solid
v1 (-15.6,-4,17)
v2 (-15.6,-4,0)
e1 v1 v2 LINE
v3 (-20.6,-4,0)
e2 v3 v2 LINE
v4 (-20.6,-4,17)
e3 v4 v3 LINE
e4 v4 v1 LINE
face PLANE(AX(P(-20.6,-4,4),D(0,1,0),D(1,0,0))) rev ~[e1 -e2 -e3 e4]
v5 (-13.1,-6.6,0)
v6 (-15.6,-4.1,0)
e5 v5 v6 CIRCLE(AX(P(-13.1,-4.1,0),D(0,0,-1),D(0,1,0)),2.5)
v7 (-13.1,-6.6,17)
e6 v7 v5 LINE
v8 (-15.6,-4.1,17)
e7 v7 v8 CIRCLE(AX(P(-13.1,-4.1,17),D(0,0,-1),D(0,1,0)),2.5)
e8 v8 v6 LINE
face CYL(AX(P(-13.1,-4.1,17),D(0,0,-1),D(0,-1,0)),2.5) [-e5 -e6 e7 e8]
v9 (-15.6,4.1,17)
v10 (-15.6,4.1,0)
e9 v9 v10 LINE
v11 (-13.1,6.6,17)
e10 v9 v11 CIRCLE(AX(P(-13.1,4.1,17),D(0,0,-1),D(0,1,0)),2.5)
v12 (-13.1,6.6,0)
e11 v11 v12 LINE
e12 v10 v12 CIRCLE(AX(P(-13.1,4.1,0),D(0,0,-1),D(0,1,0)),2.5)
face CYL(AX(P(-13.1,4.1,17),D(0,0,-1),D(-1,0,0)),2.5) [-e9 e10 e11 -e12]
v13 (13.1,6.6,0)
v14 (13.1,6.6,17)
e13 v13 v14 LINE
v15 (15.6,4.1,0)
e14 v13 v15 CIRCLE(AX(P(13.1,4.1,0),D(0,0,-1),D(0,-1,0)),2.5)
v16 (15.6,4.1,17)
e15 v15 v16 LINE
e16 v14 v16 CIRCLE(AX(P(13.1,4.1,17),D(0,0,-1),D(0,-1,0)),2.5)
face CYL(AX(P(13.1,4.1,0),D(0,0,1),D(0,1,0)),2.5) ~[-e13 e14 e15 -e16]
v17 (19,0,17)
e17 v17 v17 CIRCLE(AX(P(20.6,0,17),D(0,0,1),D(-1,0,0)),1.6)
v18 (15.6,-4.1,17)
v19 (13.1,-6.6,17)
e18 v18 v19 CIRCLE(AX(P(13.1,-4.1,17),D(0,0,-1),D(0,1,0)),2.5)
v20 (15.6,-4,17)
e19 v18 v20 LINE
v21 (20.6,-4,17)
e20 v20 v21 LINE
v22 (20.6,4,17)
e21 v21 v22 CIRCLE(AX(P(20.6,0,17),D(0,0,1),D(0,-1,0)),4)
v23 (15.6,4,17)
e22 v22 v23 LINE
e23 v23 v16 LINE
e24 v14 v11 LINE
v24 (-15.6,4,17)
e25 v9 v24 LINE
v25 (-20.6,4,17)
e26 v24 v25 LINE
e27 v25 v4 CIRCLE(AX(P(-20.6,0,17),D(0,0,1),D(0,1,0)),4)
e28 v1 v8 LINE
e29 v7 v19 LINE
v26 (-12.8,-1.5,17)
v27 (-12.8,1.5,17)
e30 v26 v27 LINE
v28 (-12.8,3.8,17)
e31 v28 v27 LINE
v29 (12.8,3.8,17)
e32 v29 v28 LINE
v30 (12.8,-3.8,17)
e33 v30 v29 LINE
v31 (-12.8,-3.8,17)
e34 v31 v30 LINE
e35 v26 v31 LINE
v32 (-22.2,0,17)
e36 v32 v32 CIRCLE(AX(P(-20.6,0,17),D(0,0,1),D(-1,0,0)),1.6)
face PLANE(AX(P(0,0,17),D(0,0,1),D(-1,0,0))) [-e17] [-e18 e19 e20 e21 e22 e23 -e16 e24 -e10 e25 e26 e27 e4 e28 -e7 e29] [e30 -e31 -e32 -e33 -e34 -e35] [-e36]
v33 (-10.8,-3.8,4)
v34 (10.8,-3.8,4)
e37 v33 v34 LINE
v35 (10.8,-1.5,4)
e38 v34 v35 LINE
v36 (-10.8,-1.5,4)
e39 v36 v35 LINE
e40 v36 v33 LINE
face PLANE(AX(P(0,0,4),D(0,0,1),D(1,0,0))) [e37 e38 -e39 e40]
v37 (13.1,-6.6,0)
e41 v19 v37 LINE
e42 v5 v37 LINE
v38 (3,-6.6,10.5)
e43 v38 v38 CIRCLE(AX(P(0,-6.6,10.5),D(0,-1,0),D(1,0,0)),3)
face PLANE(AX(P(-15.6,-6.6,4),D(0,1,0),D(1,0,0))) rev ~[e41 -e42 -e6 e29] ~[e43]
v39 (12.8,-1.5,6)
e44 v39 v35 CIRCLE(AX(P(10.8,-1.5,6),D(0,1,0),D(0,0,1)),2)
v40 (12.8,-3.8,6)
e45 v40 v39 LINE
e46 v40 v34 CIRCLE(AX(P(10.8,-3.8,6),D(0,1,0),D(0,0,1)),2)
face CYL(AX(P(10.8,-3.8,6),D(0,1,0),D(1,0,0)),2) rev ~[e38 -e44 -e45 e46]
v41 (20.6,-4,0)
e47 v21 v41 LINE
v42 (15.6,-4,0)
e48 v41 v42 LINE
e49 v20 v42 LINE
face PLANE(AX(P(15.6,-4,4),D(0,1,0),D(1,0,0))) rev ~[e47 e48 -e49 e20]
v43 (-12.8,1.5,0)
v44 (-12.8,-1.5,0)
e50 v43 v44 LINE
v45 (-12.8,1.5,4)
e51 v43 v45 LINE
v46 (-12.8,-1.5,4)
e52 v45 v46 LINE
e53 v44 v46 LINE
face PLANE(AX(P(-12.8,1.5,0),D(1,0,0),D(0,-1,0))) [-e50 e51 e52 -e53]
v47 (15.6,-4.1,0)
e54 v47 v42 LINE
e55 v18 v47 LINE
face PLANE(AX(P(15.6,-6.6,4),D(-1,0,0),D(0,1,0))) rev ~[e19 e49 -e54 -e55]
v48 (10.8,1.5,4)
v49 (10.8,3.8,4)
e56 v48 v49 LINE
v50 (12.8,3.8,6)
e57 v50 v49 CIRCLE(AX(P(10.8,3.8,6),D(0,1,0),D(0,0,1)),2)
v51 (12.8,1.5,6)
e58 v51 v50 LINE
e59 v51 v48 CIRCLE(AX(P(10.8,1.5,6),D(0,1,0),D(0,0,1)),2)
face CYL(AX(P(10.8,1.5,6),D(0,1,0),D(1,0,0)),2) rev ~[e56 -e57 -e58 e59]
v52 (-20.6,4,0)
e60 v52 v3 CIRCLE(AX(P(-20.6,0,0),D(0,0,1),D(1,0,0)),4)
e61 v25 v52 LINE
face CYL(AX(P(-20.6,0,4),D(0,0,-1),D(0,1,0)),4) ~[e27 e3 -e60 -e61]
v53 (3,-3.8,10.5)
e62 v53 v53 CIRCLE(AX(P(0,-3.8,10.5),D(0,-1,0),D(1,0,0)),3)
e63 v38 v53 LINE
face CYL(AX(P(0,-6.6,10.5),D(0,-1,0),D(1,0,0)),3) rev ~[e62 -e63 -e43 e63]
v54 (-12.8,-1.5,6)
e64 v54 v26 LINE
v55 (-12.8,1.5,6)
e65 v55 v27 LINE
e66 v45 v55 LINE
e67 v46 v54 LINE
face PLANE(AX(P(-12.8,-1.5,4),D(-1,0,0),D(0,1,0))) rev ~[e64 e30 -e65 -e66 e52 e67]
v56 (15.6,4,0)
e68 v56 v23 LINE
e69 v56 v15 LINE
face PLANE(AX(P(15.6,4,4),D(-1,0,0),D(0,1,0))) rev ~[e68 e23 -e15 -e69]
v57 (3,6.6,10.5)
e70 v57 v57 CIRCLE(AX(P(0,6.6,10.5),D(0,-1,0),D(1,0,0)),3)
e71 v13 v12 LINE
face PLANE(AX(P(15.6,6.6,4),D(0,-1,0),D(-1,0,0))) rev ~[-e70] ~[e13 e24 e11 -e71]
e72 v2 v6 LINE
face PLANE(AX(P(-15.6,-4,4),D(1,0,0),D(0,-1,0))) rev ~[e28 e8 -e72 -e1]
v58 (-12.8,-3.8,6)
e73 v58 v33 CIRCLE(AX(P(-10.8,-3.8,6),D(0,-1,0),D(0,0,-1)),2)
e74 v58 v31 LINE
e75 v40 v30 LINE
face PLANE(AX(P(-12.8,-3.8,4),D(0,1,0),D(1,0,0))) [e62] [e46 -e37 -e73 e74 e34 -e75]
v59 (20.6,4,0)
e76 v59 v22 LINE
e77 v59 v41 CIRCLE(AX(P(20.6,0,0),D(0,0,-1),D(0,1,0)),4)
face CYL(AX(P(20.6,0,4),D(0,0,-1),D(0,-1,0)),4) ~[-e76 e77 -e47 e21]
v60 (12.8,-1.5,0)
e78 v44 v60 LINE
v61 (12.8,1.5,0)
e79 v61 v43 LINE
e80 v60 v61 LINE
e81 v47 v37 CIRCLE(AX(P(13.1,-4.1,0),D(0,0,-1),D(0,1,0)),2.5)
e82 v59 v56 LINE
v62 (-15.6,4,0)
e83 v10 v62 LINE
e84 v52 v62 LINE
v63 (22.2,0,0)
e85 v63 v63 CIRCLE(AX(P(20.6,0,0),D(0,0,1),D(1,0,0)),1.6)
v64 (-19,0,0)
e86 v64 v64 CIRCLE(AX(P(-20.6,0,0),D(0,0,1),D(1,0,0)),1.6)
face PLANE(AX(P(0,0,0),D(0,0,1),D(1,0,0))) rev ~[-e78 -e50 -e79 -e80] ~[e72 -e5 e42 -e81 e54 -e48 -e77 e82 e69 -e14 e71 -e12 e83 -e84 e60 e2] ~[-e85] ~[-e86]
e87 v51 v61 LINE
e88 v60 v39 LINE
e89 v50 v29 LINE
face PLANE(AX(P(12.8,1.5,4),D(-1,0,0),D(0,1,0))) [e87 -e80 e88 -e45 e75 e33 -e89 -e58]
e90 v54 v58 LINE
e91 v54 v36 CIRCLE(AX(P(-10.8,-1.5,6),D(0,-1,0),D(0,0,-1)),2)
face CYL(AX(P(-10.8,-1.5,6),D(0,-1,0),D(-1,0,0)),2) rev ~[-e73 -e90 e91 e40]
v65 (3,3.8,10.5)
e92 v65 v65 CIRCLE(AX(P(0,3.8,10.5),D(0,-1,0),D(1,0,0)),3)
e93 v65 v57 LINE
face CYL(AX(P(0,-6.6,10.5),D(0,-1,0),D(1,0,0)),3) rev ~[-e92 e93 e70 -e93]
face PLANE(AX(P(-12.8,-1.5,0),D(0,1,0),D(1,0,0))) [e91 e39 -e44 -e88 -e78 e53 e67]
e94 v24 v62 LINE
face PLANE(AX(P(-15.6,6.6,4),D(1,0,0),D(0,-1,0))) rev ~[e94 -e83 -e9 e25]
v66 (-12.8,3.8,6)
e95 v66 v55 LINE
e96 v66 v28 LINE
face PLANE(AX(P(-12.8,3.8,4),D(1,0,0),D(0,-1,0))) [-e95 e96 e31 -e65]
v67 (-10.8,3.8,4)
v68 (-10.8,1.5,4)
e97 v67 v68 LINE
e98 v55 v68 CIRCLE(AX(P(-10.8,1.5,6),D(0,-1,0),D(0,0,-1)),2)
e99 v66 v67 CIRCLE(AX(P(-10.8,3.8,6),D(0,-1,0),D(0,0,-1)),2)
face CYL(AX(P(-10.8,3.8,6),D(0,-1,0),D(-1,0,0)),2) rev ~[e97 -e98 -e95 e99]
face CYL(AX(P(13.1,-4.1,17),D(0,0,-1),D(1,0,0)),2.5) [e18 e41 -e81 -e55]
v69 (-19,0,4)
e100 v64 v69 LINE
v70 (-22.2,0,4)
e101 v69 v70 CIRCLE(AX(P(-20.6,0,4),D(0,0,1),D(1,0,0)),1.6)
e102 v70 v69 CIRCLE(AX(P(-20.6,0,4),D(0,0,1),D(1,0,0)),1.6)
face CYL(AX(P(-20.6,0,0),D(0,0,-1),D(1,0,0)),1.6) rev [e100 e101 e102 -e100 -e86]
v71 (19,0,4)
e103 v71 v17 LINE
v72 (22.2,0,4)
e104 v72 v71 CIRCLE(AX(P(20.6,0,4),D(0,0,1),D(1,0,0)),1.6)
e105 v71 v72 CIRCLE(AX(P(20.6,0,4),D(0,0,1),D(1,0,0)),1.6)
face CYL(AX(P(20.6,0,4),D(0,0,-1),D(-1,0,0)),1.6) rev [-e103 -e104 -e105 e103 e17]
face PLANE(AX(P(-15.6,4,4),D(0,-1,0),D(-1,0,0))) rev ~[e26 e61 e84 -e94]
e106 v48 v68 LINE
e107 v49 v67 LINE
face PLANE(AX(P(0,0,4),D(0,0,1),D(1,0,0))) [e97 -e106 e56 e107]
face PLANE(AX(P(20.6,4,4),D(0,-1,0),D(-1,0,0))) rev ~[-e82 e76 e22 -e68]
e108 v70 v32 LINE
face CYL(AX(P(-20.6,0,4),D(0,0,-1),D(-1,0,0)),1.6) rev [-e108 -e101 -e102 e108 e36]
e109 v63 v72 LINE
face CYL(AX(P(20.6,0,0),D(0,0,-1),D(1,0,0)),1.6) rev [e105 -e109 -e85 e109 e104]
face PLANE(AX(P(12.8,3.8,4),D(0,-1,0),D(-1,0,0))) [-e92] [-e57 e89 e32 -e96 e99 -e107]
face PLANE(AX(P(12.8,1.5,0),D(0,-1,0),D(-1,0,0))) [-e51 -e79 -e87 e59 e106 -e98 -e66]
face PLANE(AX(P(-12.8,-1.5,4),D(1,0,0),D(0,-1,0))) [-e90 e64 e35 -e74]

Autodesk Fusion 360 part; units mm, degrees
sketch "Skizze1" plane through (0, 0, 0) normal (0, 0, 1) x (1, 0, 0)
  line L0 (12.8, 3.8) -> (-12.8, 3.8)
  line L1 (-12.8, 3.8) -> (-12.8, -3.8)
  line L2 (-12.8, -3.8) -> (12.8, -3.8)
  line L3 (12.8, -3.8) -> (12.8, 3.8)
  line L4 (12.8, 3.8) -> (-12.8, -3.8) construction
  line L5 (-12.8, 3.8) -> (12.8, -3.8) construction
  line L6 (-15.6, 6.6) -> (-15.6, -6.6)
  line L7 (-15.6, -6.6) -> (15.6, -6.6)
  line L8 (15.6, -6.6) -> (15.6, 6.6)
  line L9 (15.6, 6.6) -> (-15.6, 6.6)
  line L10 (12.8, 1.5) -> (-12.8, 1.5)
  line L11 (-12.8, 1.5) -> (-12.8, -1.5)
  line L12 (-12.8, -1.5) -> (12.8, -1.5)
  line L13 (12.8, -1.5) -> (12.8, 1.5)
  line L14 (12.8, 1.5) -> (-12.8, -1.5) construction
  line L15 (-12.8, 1.5) -> (12.8, -1.5) construction
  circle A0 centre (20.6, 0) radius 1.6
  circle A1 centre (-20.6, 0) radius 1.6
  circle A2 centre (20.6, 0) radius 4
  circle A3 centre (-20.6, 0) radius 4
  line L16 (-20.6, 4) -> (-15.6, 4)
  line L17 (-20.6, -4) -> (-15.6, -4)
  line L18 (20.6, 4) -> (15.6, 4)
  line L19 (20.6, -4) -> (15.6, -4)
  dimension "d1" = 25.6
  dimension "d2" = 7.6
  dimension "d3" = 2.8
  dimension "d4" = 3
  dimension "d5" = 3.2
  dimension "d6" = 5
  dimension "d7" = 3.2
  dimension "d8" = 5
  dimension "d9" = 8
  dimension "d10" = 8
extrude "Extrusion1" add sketch "Skizze1" along normal blind 4 contours L0 L1 L3 L10 | L1 L2 L3 L12 | L6 L7 L8 L9 | L6 A3 L16 L17 | A3 | L8 A2 L18 L19 | A2
sketch "Skizze2" plane through (0, 0, 4) normal (0, 0, 1) x (-1, 0, 0)
  circle A0 centre (-20.6, 0) radius 1.6
  line L0 (-12.8, -1.5) -> (-12.8, 1.5)
  line L1 (-12.8, 1.5) -> (12.8, 1.5)
  line L2 (12.8, 1.5) -> (12.8, -1.5)
  line L3 (12.8, -1.5) -> (-12.8, -1.5)
  circle A1 centre (20.6, 0) radius 1.6
  line L4 (-20.6, -4) -> (-15.6, -4)
  line L5 (-15.6, -4) -> (-15.6, -6.6)
  line L6 (-15.6, -6.6) -> (15.6, -6.6)
  line L7 (15.6, -6.6) -> (15.6, -4)
  line L8 (15.6, -4) -> (20.6, -4)
  arc A2 (20.6, -4) -> (20.6, 4) centre (20.6, 0) ccw
  line L9 (20.6, 4) -> (15.6, 4)
  line L10 (15.6, 4) -> (15.6, 6.6)
  line L11 (15.6, 6.6) -> (-15.6, 6.6)
  line L12 (-15.6, 6.6) -> (-15.6, 4)
  line L13 (-15.6, 4) -> (-20.6, 4)
  arc A3 (-20.6, 4) -> (-20.6, -4) centre (-20.6, 0) ccw
  line L14 (-12.8, -3.8) -> (12.8, -3.8)
  line L15 (12.8, -3.8) -> (12.8, 3.8)
  line L16 (12.8, 3.8) -> (-12.8, 3.8)
  line L17 (-12.8, 3.8) -> (-12.8, -3.8)
extrude "Extrusion2" add sketch "Skizze2" along normal blind 13
fillet "Abrundung1" radius 2 4 edges at (12.8, 2.65, 4) (12.8, -2.65, 4) (-12.8, -2.65, 4) (-12.8, 2.65, 4)
fillet "Abrundung2" radius 2.5 4 edges at (-15.6, -6.6, 8.5) (15.6, -6.6, 8.5) (15.6, 6.6, 8.5) (-15.6, 6.6, 8.5)
sketch "Skizze3" plane through (0, -6.6, 0) normal (0, -1, 0) x (1, 0, 0)
  line L0 (13.1, 0) -> (13.1, 17)
  line L1 (13.1, 17) -> (-13.1, 17)
  line L2 (-13.1, 17) -> (-13.1, 0)
  line L3 (-13.1, 0) -> (13.1, 0)
  circle A0 centre (0, 10.5) radius 3
  line L4 (5.8778, 17) -> (5.8778, 4) construction
  point P0 (5.8778, 10.5)
  dimension "d19" = 6
extrude "Extrusion3" cut sketch "Skizze3" against normal up to surface (13.2 mm away) contours A0
